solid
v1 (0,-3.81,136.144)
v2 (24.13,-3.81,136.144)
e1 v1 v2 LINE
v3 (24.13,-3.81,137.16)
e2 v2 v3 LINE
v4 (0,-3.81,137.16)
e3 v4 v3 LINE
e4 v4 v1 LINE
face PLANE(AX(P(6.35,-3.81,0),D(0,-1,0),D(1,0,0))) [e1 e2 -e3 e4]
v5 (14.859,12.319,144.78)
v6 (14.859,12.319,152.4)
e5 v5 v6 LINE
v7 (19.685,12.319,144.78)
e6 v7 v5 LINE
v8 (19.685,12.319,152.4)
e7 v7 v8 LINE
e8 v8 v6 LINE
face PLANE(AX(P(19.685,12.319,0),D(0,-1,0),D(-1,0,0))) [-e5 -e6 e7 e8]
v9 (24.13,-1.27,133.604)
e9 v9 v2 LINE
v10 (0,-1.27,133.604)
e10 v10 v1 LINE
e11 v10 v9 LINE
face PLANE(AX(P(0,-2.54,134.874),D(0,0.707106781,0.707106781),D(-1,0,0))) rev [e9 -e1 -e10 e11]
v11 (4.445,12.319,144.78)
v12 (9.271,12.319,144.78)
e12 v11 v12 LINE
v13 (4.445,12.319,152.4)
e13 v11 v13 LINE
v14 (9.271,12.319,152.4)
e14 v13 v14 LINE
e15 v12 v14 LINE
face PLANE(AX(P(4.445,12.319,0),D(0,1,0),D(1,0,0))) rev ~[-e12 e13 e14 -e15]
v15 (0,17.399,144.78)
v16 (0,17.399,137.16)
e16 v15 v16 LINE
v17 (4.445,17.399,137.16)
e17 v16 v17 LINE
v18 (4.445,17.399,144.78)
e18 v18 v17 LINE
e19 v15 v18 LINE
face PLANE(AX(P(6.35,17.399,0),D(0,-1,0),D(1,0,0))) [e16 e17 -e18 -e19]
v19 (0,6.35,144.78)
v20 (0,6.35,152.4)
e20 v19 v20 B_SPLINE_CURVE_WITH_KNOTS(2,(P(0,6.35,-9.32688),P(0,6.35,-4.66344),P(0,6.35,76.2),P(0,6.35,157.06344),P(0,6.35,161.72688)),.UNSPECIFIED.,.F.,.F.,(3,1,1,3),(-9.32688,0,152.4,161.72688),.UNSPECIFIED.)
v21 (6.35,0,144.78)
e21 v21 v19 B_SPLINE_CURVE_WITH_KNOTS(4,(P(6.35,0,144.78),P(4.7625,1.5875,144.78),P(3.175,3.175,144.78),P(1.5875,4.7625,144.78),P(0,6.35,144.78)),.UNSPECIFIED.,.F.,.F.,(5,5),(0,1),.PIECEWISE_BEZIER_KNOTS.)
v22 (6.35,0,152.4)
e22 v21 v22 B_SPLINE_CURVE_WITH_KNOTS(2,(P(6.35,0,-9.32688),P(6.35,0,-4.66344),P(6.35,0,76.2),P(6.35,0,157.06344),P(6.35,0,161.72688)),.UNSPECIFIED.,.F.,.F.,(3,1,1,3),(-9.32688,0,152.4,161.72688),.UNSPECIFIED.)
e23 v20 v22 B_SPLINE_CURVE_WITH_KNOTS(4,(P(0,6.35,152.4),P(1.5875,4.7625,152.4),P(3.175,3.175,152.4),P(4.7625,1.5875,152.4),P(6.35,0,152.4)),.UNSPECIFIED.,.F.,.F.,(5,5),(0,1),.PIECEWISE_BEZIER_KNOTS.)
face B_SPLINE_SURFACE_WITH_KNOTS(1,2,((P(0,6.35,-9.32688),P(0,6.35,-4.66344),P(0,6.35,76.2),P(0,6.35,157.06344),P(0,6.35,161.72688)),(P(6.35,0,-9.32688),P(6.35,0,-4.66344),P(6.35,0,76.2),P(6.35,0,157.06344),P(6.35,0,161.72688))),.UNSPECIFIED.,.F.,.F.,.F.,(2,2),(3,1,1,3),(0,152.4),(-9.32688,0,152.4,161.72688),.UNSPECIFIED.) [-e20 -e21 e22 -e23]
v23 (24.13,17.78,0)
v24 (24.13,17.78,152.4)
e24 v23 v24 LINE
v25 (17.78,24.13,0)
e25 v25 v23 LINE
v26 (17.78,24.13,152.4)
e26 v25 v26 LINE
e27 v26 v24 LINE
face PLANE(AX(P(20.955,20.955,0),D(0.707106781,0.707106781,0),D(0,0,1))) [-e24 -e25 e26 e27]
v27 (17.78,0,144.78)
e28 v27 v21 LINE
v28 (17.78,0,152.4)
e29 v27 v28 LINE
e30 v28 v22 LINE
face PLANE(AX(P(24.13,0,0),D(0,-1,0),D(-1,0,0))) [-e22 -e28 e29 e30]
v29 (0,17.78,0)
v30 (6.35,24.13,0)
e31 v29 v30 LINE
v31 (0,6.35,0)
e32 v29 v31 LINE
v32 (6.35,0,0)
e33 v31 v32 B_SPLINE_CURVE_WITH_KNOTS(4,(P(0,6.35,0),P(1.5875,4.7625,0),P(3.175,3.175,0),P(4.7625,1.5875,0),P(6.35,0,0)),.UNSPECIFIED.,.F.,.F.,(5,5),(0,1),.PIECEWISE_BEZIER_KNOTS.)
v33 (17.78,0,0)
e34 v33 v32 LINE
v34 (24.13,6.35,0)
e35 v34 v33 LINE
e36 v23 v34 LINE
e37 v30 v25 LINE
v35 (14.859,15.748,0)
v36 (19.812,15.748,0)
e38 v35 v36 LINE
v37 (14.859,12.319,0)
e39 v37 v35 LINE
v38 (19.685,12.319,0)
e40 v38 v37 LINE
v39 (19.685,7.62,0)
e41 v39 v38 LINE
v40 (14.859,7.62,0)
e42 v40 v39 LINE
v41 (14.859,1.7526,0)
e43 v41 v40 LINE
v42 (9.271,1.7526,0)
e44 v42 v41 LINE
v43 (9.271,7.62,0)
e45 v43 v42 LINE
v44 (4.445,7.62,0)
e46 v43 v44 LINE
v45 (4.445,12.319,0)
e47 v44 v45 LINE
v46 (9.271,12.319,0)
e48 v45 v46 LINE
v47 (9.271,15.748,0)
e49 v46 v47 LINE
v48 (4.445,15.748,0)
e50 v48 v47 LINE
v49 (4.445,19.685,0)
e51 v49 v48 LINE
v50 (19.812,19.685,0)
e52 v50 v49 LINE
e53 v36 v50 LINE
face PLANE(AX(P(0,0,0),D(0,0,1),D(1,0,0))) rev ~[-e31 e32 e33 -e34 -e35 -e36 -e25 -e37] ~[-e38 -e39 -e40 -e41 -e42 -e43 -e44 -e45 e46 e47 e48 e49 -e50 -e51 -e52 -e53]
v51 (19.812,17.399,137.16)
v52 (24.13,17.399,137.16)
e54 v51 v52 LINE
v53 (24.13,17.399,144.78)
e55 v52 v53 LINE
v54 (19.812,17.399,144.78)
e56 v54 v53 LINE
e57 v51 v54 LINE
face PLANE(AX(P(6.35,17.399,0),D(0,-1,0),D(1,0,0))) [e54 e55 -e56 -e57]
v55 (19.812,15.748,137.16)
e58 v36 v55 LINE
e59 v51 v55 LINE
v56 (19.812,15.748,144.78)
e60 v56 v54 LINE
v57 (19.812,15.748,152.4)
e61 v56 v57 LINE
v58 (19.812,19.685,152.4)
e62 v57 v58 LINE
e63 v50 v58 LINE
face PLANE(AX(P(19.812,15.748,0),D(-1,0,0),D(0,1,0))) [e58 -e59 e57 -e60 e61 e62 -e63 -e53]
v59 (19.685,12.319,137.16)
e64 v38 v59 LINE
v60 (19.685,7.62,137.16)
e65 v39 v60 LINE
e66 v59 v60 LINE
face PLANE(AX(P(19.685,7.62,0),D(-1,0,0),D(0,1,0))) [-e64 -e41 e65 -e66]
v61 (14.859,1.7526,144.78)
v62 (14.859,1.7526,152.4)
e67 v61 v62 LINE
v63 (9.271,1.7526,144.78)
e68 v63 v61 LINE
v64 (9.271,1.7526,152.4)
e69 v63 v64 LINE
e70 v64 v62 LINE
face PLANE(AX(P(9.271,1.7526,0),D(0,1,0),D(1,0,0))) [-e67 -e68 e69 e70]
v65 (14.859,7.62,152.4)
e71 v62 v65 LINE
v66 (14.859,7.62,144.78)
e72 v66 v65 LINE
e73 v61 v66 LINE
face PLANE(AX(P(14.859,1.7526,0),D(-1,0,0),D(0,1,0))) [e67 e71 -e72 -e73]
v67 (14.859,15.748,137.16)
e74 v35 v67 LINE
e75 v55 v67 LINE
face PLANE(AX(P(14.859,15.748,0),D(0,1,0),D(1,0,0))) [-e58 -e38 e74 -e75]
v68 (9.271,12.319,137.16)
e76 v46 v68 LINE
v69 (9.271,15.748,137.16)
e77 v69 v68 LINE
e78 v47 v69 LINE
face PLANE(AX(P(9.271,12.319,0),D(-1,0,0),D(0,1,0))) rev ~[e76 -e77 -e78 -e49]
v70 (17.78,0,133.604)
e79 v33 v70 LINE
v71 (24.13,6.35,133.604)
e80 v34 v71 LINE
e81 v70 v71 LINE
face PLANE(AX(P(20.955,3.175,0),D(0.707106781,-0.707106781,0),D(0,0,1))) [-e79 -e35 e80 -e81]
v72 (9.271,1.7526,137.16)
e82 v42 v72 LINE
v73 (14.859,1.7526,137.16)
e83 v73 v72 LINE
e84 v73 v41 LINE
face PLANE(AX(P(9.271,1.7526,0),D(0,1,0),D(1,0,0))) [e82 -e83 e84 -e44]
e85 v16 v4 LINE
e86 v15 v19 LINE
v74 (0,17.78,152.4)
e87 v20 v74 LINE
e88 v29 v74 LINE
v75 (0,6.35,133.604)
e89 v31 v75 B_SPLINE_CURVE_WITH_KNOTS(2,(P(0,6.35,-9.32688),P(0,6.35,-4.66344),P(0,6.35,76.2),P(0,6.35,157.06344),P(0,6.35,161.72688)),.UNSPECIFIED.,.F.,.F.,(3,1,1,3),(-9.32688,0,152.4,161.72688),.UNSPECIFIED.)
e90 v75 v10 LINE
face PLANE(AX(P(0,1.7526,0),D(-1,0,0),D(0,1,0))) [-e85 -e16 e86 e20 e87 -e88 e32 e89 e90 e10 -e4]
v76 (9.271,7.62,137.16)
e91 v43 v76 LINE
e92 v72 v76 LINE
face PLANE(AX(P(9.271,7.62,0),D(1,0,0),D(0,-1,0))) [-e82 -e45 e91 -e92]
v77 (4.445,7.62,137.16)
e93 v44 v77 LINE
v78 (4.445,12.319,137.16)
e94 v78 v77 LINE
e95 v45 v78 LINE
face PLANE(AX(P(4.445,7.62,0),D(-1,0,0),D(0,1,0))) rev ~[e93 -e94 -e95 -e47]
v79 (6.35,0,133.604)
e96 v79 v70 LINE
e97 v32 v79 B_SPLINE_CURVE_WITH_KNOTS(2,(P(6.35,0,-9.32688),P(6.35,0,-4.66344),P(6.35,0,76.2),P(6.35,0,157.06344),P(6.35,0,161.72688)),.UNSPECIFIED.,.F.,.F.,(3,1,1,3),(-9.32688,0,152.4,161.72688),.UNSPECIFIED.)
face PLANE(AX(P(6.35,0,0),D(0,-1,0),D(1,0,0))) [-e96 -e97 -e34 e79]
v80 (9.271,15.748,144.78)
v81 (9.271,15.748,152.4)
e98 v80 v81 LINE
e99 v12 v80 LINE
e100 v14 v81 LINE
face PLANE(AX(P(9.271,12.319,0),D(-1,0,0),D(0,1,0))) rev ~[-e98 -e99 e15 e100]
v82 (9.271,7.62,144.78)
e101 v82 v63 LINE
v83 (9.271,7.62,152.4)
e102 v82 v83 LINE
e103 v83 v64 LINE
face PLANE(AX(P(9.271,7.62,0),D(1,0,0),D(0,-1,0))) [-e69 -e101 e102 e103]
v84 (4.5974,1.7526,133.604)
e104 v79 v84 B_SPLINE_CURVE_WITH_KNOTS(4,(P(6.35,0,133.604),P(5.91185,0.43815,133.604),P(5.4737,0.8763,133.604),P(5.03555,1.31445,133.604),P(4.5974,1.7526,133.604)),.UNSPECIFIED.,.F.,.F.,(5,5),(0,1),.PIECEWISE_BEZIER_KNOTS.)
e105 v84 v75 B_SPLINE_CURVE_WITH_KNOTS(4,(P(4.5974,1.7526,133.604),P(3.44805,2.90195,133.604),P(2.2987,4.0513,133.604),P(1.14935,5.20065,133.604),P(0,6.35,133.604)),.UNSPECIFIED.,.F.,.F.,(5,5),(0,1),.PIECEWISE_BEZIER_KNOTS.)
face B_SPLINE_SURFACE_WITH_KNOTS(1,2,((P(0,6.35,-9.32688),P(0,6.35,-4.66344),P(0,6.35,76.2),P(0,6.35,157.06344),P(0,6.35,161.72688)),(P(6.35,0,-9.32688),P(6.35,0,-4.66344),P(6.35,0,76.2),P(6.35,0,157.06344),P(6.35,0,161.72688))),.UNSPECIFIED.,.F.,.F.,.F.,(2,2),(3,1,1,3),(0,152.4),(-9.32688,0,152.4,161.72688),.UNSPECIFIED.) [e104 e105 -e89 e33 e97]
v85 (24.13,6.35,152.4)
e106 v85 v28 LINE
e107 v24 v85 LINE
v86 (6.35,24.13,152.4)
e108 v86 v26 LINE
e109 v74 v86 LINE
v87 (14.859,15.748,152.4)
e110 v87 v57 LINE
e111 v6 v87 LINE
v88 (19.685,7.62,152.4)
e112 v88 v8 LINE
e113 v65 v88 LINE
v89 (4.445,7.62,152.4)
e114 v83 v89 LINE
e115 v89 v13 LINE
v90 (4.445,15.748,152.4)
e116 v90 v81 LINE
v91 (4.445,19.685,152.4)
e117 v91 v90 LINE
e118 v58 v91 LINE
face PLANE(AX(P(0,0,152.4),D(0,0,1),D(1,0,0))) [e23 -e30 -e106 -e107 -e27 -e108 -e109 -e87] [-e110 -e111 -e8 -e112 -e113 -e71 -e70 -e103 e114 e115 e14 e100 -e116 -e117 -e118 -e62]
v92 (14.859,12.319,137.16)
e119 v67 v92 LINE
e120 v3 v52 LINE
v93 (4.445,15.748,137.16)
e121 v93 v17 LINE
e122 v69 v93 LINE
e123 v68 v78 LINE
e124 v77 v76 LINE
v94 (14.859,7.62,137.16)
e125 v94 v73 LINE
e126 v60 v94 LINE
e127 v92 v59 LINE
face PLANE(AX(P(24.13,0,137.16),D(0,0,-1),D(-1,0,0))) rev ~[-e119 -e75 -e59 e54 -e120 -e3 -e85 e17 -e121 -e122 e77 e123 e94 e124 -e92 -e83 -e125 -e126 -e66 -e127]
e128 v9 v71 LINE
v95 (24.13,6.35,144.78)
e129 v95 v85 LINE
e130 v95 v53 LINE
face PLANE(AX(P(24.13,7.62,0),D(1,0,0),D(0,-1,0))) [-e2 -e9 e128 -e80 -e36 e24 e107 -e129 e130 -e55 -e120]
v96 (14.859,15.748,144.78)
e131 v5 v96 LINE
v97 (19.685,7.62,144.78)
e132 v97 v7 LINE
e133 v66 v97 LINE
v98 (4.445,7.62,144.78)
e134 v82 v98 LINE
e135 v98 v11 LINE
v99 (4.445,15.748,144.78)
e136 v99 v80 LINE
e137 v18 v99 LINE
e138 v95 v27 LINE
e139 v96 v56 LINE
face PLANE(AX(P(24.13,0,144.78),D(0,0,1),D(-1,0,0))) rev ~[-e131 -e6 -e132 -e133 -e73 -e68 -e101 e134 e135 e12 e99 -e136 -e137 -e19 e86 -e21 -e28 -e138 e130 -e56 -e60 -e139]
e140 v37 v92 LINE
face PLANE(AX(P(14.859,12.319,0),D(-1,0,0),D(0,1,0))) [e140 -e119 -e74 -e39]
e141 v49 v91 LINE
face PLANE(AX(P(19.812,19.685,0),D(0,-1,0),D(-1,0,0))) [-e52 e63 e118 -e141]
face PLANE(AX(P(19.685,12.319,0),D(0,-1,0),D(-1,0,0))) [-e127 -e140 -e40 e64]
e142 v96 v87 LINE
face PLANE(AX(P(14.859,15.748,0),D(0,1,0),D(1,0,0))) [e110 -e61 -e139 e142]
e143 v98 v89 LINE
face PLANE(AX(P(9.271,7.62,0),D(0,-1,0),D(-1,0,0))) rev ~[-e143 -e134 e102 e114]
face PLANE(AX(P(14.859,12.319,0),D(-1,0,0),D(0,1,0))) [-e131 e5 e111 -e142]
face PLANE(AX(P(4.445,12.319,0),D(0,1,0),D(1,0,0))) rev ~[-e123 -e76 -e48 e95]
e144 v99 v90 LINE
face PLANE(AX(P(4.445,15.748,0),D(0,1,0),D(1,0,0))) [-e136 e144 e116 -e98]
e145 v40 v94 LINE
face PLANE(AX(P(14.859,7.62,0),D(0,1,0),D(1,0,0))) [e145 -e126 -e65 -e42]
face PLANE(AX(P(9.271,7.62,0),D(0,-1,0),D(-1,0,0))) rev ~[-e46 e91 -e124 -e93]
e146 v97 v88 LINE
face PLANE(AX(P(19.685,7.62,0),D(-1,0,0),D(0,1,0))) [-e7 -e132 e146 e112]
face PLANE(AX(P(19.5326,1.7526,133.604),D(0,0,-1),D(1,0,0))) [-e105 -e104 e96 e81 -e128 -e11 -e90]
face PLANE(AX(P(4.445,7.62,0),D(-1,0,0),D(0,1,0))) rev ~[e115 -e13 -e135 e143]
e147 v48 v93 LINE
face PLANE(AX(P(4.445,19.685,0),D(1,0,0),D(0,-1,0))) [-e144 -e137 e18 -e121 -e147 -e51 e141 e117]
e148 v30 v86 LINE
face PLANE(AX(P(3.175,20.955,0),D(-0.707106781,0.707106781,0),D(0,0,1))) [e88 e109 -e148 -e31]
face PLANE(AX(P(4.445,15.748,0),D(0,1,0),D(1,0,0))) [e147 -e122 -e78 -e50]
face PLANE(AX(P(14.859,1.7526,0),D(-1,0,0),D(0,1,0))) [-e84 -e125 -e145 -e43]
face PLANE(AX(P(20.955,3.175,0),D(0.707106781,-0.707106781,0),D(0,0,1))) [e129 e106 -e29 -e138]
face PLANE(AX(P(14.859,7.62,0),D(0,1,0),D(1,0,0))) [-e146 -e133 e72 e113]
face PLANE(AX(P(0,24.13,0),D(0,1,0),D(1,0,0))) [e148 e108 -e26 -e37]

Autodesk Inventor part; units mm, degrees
ref_plane "YZ Plane" through (0, 0, 0) normal (1, 0, 0) x (0, 1, 0)
ref_plane "XZ Plane" through (0, 0, 0) normal (0, 1, 0) x (-1, 0, 0)
ref_plane "XY Plane" through (0, 0, 0) normal (0, 0, 1) x (1, 0, 0)
sketch "Sketch1" plane through (0, 0, 0) normal (0, 0, 1) x (1, 0, 0)
  line L0 (0, 0) -> (0, 24.13)
  line L1 (0, 24.13) -> (24.13, 24.13)
  line L2 (24.13, 24.13) -> (24.13, 0)
  line L3 (24.13, 0) -> (0, 0)
  line L4 (0, 0) -> (0, 1.7526)
  line L5 (9.144, 1.7526) -> (14.986, 1.7526)
  line L6 (9.144, 1.7526) -> (9.271, 1.7526)
  line L7 (9.271, 1.7526) -> (14.859, 1.7526)
  line L8 (0, 0) -> (0, 7.62)
  line L9 (24.13, 0) -> (24.13, 7.62)
  line L10 (14.859, 7.62) -> (19.685, 7.62)
  line L11 (19.685, 7.62) -> (19.685, 12.319)
  line L12 (19.685, 12.319) -> (14.859, 12.319)
  line L13 (9.271, 7.62) -> (4.445, 7.62)
  line L14 (4.445, 7.62) -> (4.445, 12.319)
  line L15 (4.445, 12.319) -> (9.271, 12.319)
  line L16 (9.271, 7.62) -> (9.271, 1.7526)
  line L17 (14.859, 1.7526) -> (14.859, 7.62)
  line L18 (14.859, 12.319) -> (14.859, 15.748)
  line L19 (9.271, 12.319) -> (9.271, 15.748)
  line L20 (19.812, 15.748) -> (19.812, 19.685)
  line L21 (14.859, 15.748) -> (19.812, 15.748)
  line L22 (19.812, 19.685) -> (4.445, 19.685)
  line L23 (4.445, 19.685) -> (4.445, 15.748)
  line L24 (4.445, 15.748) -> (9.271, 15.748)
  dimension "d0" = 24.13
  dimension "d1" = 24.13
  dimension "d2" = 1.7526
  dimension "d3" = 9.144
  dimension "d5" = 0.127
  dimension "d6" = 5.588
  dimension "d7" = 7.62
  dimension "d8" = 7.62
  dimension "d9" = 4.826
  dimension "d10" = 4.699
  dimension "d11" = 4.826
  dimension "d12" = 4.699
  dimension "d13" = 5.8674
  dimension "d14" = 5.8674
  dimension "d15" = 3.429
  dimension "d16" = 3.429
  dimension "d18" = 3.937
sketch "Sketch2" plane through (0, 0, 0) normal (0, 0, 1) x (1, 0, 0)
  point P0 (0, 0)
extrude "Extrusion1" add sketch "Sketch1" along normal blind 152.4
chamfer "Chamfer1" distance 6.35 angle 45 4 edges at (0, 24.13, 76.2) (24.13, 24.13, 76.2) (24.13, 0, 76.2) (0, 0, 76.2)
sketch "Sketch3" plane through (6.35, 0, 0) normal (0, -1, 0) x (1, 0, 0)
  line L0 (17.78, 0) -> (17.78, 152.4) projected
  line L1 (17.78, 152.4) -> (17.78, 144.78)
  line L2 (17.78, 144.78) -> (-6.35, 144.78)
  line L3 (2.921, 0) -> (2.921, 152.4) projected
  line L4 (-6.35, 144.78) -> (-6.35, 137.16)
  line L5 (-6.35, 152.4) -> (-6.35, 0) projected
  line L6 (-6.35, 137.16) -> (17.78, 137.16)
  line L7 (17.78, 137.16) -> (17.78, 144.78)
  dimension "d24" = 7.62
  dimension "d25" = 7.62
extrude "Extrusion2" cut sketch "Sketch3" against normal blind 17.399
sketch "Sketch4" plane through (6.35, 0, 0) normal (0, -1, 0) x (1, 0, 0)
  line L0 (17.78, 144.78) -> (17.78, 137.16) projected
  line L1 (17.78, 137.16) -> (-6.35, 137.16)
  line L2 (-6.35, 137.16) -> (-6.35, 133.604)
  line L3 (-6.35, 133.604) -> (17.78, 133.604)
  line L4 (17.78, 133.604) -> (17.78, 137.16)
  point P0 (-6.35, 0)
  dimension "d28" = 3.556
extrude "Extrusion3" add sketch "Sketch4" against normal blind 1.7526
sketch "Sketch5" plane through (0, 6.35, 137.16) normal (-0.7071, -0.7071, 0) x (-0.7071, 0.7071, 0)
  point P0 (-4.4901, 137.16)
sketch "Sketch6" plane through (6.35, 0, 0) normal (0, -1, 0) x (1, 0, 0)
  point P0 (-6.35, 0)
sketch "Sketch7" plane through (6.35, 0, 0) normal (0, -1, 0) x (1, 0, 0)
  line L0 (17.78, 137.16) -> (13.1826, 137.16) projected
  line L1 (-6.35, 137.16) -> (-6.35, 0) projected
  line L2 (17.78, 137.16) -> (-6.35, 137.16)
  line L3 (-6.35, 137.16) -> (-6.35, 133.604)
  line L4 (-6.35, 133.604) -> (17.78, 133.604)
  line L5 (17.78, 133.604) -> (17.78, 137.16)
  dimension "d31" = 3.556
extrude "Extrusion4" add sketch "Sketch7" along normal blind 3.81
chamfer "Chamfer2" distance 2.54 angle 45 1 edges at (12.065, -3.81, 133.604)
sketch "Sketch8" plane through (24.13, 1.7526, 137.16) normal (1, 0, 0) x (0, 0, -1)
  point P0 (137.16, -1.7526)
sketch "Sketch9" plane through (6.35, 1.7526, 0) normal (0, 1, 0) x (1, 0, 0)
  line L0 (17.78, -137.16) -> (17.78, -133.604) projected
  line L1 (13.1826, -137.16) -> (17.78, -137.16) projected
  line L2 (17.78, -137.16) -> (13.1826, -137.16)
  line L3 (13.1826, -137.16) -> (13.1826, -133.604)
  line L4 (13.1826, -133.604) -> (17.78, -133.604)
  line L5 (17.78, -133.604) -> (17.78, -137.16)
  point P0 (-6.35, 0)
extrude "Extrusion5" add sketch "Sketch9" along normal blind 5.08
sketch "Sketch10" plane through (6.35, 1.7526, 0) normal (0, 1, 0) x (1, 0, 0)
  point P0 (-6.35, 0)
sketch "Sketch11" plane through (0, 1.7526, 133.604) normal (-1, 0, 0) x (0, 0, 1)
  point P0 (-133.604, -1.7526)
sketch "Sketch12" plane through (0, 1.7526, 133.604) normal (-1, 0, 0) x (0, 0, 1)
  point P0 (-133.604, -1.7526)
sketch "Sketch13" plane through (6.35, 1.7526, 0) normal (0, 1, 0) x (1, 0, 0)
  line L0 (-1.7526, -133.604) -> (-1.7526, -137.16) projected
  line L1 (-6.35, -133.604) -> (17.78, -133.604) projected
  line L2 (-1.7526, -137.16) -> (-1.7526, -133.604)
  line L3 (-1.7526, -133.604) -> (-6.35, -133.604)
  line L4 (-6.35, -133.604) -> (-6.35, -137.16)
  line L5 (-6.35, -137.16) -> (-1.7526, -137.16)
  point P0 (-6.35, 0)
extrude "Extrusion6" add sketch "Sketch13" along normal blind 5.08
properties part number "RIPnewslideholder"
